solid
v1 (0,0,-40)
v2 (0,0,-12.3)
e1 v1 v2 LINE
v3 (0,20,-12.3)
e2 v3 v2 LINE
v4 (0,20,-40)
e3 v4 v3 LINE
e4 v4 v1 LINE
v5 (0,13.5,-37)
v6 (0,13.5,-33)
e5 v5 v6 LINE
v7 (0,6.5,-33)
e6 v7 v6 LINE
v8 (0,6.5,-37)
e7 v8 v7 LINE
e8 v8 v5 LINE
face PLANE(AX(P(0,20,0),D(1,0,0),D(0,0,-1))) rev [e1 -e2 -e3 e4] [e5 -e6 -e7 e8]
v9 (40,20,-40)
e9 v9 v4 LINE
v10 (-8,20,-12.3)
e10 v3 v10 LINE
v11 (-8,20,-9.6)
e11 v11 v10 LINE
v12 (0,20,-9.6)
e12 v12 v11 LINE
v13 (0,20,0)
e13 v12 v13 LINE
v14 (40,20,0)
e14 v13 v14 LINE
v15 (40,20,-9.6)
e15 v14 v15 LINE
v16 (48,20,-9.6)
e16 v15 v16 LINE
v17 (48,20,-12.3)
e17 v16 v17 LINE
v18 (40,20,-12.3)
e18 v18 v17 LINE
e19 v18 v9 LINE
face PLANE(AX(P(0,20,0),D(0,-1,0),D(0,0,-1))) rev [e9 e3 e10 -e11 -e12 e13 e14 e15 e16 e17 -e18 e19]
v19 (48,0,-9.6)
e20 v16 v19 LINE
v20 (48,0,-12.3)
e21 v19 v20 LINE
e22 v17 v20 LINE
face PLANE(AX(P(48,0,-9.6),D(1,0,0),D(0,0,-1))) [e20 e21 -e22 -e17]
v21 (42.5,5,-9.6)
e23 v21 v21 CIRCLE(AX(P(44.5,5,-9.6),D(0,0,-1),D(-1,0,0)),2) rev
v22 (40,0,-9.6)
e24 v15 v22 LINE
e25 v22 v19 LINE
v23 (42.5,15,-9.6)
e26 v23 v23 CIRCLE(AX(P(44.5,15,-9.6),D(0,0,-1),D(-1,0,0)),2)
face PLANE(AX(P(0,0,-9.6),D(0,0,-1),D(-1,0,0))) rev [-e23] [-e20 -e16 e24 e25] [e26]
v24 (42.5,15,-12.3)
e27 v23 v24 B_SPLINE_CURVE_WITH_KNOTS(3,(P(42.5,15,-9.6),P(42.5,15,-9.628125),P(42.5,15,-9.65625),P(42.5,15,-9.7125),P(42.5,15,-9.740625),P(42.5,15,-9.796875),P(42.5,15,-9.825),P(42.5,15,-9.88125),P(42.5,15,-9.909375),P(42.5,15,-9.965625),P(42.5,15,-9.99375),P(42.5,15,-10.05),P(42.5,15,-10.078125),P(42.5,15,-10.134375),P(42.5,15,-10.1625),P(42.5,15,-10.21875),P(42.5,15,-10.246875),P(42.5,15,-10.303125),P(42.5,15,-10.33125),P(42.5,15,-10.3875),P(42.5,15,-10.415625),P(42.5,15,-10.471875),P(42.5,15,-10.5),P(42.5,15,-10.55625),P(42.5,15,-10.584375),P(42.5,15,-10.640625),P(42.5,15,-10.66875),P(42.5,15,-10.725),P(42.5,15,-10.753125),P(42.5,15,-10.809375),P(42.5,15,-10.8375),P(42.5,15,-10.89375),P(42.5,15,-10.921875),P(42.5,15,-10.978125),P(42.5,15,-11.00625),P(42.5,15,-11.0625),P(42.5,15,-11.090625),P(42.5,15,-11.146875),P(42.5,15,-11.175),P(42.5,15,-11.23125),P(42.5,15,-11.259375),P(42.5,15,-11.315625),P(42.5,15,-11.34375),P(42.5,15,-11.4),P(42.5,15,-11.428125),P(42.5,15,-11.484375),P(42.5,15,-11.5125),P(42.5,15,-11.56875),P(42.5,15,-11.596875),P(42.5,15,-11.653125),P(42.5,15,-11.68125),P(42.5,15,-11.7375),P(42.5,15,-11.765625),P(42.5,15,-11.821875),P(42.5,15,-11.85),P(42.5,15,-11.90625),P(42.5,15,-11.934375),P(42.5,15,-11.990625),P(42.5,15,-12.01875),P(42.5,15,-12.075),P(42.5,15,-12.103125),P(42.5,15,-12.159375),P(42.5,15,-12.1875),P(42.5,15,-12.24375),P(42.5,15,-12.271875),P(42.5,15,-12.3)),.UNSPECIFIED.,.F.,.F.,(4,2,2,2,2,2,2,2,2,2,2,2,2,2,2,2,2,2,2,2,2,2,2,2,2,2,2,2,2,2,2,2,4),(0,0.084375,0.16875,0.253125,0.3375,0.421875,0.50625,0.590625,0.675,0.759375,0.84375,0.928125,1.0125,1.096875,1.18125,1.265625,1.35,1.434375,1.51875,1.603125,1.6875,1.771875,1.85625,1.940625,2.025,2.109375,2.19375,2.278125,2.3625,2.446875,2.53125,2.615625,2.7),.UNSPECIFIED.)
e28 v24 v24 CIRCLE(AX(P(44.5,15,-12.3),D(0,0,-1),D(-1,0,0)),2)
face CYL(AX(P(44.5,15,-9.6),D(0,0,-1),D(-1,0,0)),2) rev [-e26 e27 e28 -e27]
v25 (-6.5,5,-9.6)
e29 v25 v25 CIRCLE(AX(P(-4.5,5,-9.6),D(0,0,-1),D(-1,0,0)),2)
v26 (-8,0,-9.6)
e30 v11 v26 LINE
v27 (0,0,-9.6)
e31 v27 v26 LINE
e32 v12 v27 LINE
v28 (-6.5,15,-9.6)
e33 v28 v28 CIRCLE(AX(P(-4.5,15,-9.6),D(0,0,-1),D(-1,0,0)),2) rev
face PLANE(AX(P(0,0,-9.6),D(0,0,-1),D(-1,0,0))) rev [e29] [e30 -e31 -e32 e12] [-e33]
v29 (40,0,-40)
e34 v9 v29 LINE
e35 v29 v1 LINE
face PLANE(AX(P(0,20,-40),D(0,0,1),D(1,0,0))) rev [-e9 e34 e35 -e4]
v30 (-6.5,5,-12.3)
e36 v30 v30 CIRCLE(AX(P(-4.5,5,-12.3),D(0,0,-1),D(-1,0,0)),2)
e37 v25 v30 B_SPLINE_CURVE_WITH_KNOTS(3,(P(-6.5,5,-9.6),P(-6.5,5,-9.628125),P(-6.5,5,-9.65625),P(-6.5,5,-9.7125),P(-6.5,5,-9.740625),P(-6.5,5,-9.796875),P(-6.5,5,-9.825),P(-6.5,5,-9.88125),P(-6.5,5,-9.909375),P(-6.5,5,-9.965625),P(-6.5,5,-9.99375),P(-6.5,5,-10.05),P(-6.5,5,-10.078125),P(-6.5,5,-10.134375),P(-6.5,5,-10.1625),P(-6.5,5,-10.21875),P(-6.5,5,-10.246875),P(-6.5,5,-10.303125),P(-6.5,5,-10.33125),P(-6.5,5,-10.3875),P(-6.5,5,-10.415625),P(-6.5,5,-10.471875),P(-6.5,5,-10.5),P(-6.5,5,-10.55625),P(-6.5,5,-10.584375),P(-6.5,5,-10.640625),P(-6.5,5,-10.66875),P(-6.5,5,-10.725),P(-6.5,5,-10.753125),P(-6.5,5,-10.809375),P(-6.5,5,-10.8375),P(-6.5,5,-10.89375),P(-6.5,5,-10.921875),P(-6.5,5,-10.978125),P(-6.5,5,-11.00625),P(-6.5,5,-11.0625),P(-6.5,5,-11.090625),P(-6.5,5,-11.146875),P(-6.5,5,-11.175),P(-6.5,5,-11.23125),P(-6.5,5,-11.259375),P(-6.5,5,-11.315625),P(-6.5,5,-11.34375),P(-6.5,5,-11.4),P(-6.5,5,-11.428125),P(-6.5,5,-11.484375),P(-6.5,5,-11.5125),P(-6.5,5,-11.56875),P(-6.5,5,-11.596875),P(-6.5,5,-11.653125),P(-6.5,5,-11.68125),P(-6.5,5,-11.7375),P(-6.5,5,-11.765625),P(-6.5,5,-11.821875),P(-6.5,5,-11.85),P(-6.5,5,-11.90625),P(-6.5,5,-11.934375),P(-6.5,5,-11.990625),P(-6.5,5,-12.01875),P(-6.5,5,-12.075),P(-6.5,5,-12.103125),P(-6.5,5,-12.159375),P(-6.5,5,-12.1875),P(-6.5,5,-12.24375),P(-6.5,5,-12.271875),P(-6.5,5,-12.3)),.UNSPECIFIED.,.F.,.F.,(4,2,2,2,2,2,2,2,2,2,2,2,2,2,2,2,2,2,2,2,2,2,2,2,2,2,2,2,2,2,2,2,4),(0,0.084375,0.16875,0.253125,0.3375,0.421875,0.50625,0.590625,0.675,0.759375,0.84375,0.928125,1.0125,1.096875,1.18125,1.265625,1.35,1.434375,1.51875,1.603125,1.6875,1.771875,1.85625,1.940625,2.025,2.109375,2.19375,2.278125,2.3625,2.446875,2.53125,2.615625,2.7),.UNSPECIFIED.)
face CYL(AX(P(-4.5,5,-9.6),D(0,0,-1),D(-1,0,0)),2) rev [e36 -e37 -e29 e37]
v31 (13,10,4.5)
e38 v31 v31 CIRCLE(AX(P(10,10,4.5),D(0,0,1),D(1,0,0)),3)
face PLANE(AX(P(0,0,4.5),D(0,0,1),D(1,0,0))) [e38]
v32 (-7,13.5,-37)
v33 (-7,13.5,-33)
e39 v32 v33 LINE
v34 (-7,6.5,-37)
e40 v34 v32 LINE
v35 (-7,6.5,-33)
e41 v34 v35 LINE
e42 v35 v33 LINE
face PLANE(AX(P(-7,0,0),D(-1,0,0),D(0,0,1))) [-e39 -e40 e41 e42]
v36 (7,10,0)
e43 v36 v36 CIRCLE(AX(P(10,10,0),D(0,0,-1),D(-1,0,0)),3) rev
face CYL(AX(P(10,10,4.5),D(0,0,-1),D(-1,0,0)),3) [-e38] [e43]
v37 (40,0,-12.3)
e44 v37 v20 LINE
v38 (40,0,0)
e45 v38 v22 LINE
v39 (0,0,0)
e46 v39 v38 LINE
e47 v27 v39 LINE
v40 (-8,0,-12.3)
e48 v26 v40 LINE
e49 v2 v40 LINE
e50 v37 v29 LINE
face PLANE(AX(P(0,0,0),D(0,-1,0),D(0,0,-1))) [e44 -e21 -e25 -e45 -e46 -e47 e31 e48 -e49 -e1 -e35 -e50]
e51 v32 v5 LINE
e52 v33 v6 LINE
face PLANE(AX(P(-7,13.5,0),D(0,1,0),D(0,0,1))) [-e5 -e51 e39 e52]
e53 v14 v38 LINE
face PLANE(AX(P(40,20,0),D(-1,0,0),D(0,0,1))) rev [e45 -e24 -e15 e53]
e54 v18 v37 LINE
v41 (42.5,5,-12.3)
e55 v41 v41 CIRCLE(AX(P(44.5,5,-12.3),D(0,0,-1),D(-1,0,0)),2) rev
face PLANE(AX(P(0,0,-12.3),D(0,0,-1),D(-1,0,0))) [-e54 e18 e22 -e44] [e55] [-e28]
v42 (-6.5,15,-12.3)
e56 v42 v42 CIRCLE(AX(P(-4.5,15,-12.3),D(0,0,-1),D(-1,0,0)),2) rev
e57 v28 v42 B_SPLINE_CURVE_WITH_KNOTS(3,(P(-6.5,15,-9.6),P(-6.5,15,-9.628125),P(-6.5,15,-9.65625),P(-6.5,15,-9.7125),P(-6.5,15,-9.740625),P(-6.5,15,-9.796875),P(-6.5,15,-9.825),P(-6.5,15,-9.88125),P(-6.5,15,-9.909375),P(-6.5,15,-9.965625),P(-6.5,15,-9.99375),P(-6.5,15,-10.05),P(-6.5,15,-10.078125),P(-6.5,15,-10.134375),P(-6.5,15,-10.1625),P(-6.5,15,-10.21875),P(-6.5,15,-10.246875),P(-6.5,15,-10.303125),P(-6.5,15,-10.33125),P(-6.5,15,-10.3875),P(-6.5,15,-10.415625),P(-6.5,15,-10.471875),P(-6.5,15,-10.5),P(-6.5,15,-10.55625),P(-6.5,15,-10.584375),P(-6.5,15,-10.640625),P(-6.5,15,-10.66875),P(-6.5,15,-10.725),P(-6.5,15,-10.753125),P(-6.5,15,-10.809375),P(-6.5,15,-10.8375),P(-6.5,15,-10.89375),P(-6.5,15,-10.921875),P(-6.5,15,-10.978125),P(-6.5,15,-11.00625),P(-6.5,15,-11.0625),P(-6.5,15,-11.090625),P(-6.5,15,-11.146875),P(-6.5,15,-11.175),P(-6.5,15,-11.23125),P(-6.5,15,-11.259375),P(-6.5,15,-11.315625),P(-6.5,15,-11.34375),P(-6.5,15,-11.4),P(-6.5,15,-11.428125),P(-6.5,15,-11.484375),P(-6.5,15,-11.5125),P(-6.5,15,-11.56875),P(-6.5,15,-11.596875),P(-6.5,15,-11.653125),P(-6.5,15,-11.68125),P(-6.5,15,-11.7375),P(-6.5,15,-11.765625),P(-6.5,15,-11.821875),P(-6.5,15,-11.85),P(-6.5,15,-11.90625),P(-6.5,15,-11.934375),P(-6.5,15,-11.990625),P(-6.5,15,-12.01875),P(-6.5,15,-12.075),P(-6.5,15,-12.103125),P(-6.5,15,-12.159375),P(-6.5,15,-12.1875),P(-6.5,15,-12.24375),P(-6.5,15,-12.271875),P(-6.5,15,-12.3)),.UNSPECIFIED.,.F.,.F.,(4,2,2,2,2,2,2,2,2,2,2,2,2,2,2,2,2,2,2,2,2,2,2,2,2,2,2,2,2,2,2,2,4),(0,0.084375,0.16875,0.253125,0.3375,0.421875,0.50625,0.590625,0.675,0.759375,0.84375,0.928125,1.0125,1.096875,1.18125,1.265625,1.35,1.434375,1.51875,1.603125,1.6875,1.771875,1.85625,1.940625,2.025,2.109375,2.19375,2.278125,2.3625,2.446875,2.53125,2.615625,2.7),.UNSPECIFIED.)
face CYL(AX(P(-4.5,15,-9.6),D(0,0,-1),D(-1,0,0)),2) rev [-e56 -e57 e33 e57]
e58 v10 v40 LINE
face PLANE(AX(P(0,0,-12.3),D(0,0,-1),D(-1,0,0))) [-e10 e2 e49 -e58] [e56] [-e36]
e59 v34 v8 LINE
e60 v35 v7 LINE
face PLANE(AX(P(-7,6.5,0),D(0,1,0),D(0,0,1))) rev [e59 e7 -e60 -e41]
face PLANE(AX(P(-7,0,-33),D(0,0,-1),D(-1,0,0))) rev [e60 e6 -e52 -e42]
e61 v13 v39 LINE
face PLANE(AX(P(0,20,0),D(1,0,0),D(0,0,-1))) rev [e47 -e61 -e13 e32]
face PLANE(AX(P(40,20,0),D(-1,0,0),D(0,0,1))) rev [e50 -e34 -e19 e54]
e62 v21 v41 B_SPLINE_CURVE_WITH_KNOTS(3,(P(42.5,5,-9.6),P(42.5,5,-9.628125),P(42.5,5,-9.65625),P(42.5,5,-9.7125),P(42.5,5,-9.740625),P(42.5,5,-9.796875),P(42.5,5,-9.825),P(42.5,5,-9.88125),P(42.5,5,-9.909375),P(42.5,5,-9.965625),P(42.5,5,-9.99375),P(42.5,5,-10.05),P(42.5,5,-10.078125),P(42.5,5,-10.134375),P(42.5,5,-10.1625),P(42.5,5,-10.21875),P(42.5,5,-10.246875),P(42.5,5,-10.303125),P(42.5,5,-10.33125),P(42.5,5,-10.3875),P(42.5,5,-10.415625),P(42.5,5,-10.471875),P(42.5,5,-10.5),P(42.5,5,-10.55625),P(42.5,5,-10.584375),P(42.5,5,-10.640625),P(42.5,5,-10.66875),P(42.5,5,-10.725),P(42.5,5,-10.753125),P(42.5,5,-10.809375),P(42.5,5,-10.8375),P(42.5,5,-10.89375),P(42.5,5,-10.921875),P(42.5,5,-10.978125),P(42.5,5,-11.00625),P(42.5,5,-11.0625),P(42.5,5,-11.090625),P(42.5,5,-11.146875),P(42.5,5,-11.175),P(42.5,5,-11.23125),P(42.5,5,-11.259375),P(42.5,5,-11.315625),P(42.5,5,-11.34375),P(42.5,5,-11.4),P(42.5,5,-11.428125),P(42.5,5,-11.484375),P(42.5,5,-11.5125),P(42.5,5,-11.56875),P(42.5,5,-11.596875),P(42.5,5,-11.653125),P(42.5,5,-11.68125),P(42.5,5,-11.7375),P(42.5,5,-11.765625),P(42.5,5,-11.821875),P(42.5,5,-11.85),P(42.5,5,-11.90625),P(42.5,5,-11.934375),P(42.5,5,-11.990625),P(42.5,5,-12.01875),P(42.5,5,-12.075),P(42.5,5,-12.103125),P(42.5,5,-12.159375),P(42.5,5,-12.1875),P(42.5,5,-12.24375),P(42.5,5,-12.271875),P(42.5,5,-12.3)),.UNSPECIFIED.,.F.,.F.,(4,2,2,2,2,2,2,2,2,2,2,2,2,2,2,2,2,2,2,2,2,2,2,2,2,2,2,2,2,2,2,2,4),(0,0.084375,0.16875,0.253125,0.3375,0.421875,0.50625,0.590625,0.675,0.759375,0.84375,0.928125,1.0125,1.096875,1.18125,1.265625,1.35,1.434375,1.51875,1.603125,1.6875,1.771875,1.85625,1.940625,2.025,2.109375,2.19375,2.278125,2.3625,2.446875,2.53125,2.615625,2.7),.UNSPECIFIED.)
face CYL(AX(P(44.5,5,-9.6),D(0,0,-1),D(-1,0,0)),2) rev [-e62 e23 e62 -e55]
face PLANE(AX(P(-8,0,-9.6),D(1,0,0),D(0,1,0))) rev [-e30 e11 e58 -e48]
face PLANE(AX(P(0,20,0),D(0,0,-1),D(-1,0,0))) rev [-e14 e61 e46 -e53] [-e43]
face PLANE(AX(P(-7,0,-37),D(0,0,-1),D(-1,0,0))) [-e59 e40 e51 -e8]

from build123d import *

# Parameters (mm, degrees)
SKETCH_1_W      = 40
SKETCH_1_H      = 40
EXTRUDE_1_DEPTH = 20
SKETCH_2_R      = 3
EXTRUDE_2_DEPTH = 4.5
SKETCH_4_R      = 2
SKETCH_4_W      = 8
SKETCH_4_H      = 20
EXTRUDE_4_DEPTH = 2.7
SKETCH_5_W      = 4
SKETCH_5_H      = 7
EXTRUDE_5_DEPTH = 7


with BuildPart() as part:
    # 草图1 → 凸台-拉伸1 (new body)
    with BuildSketch(Plane(origin=(0, 0, 0), x_dir=(1, 0, 0), z_dir=(0, 1, 0))):
        with Locations((20, 20)):
            Rectangle(SKETCH_1_W, SKETCH_1_H)
    extrude(amount=EXTRUDE_1_DEPTH)

    # 草图2 → 凸台-拉伸2 (add)
    with BuildSketch(Plane.XY):
        with Locations(Location((10, 10, 0), (0, 0, 180))):
            Circle(SKETCH_2_R)
    extrude(amount=EXTRUDE_2_DEPTH)

    # 草图4 → 凸台-拉伸4 (add)
    # profile 1 of 3: a face of its own
    with BuildSketch(Plane(origin=(0, 0, -12.3), x_dir=(-1, 0, 0), z_dir=(0, 0, -1))):
        with BuildLine():
            Line((-44.5, 17), (-44.5, 20))
            Line((-44.5, 20), (-48, 20))
            Line((-48, 20), (-48, 0))
            Line((-48, 0), (-40, 0))
            Line((-40, 0), (-40, 15))
            Line((-40, 15), (-42.5, 15))
            ThreePointArc((-42.5, 15), (-45.914213562, 13.585786438), (-44.5, 17))
        make_face()
        with Locations((-44.5, 5)):
            Circle(SKETCH_4_R, mode=Mode.SUBTRACT)
    # profile 2 of 3: a face of its own
    with BuildSketch(Plane(origin=(0, 0, -12.3), x_dir=(-1, 0, 0), z_dir=(0, 0, -1))):
        with BuildLine():
            Line((-40, 15), (-40, 20))
            Line((-40, 20), (-44.5, 20))
            Line((-44.5, 20), (-44.5, 17))
            ThreePointArc((-44.5, 17), (-43.085786438, 16.414213562), (-42.5, 15))
            Line((-42.5, 15), (-40, 15))
        make_face()
    # profile 3 of 3: a face of its own
    with BuildSketch(Plane(origin=(0, 0, -12.3), x_dir=(-1, 0, 0), z_dir=(0, 0, -1))):
        with Locations((4, 10)):
            Rectangle(SKETCH_4_W, SKETCH_4_H)
        with Locations((4.5, 5)):
            Circle(SKETCH_4_R, mode=Mode.SUBTRACT)
        with Locations((4.5, 15)):
            Circle(SKETCH_4_R, mode=Mode.SUBTRACT)
    extrude(amount=-EXTRUDE_4_DEPTH)

    # 草图5 → 凸台-拉伸5 (add)
    with BuildSketch(Plane.ZY):
        with Locations((-35, 10)):
            Rectangle(SKETCH_5_W, SKETCH_5_H)
    extrude(amount=EXTRUDE_5_DEPTH)


solid = part.part
